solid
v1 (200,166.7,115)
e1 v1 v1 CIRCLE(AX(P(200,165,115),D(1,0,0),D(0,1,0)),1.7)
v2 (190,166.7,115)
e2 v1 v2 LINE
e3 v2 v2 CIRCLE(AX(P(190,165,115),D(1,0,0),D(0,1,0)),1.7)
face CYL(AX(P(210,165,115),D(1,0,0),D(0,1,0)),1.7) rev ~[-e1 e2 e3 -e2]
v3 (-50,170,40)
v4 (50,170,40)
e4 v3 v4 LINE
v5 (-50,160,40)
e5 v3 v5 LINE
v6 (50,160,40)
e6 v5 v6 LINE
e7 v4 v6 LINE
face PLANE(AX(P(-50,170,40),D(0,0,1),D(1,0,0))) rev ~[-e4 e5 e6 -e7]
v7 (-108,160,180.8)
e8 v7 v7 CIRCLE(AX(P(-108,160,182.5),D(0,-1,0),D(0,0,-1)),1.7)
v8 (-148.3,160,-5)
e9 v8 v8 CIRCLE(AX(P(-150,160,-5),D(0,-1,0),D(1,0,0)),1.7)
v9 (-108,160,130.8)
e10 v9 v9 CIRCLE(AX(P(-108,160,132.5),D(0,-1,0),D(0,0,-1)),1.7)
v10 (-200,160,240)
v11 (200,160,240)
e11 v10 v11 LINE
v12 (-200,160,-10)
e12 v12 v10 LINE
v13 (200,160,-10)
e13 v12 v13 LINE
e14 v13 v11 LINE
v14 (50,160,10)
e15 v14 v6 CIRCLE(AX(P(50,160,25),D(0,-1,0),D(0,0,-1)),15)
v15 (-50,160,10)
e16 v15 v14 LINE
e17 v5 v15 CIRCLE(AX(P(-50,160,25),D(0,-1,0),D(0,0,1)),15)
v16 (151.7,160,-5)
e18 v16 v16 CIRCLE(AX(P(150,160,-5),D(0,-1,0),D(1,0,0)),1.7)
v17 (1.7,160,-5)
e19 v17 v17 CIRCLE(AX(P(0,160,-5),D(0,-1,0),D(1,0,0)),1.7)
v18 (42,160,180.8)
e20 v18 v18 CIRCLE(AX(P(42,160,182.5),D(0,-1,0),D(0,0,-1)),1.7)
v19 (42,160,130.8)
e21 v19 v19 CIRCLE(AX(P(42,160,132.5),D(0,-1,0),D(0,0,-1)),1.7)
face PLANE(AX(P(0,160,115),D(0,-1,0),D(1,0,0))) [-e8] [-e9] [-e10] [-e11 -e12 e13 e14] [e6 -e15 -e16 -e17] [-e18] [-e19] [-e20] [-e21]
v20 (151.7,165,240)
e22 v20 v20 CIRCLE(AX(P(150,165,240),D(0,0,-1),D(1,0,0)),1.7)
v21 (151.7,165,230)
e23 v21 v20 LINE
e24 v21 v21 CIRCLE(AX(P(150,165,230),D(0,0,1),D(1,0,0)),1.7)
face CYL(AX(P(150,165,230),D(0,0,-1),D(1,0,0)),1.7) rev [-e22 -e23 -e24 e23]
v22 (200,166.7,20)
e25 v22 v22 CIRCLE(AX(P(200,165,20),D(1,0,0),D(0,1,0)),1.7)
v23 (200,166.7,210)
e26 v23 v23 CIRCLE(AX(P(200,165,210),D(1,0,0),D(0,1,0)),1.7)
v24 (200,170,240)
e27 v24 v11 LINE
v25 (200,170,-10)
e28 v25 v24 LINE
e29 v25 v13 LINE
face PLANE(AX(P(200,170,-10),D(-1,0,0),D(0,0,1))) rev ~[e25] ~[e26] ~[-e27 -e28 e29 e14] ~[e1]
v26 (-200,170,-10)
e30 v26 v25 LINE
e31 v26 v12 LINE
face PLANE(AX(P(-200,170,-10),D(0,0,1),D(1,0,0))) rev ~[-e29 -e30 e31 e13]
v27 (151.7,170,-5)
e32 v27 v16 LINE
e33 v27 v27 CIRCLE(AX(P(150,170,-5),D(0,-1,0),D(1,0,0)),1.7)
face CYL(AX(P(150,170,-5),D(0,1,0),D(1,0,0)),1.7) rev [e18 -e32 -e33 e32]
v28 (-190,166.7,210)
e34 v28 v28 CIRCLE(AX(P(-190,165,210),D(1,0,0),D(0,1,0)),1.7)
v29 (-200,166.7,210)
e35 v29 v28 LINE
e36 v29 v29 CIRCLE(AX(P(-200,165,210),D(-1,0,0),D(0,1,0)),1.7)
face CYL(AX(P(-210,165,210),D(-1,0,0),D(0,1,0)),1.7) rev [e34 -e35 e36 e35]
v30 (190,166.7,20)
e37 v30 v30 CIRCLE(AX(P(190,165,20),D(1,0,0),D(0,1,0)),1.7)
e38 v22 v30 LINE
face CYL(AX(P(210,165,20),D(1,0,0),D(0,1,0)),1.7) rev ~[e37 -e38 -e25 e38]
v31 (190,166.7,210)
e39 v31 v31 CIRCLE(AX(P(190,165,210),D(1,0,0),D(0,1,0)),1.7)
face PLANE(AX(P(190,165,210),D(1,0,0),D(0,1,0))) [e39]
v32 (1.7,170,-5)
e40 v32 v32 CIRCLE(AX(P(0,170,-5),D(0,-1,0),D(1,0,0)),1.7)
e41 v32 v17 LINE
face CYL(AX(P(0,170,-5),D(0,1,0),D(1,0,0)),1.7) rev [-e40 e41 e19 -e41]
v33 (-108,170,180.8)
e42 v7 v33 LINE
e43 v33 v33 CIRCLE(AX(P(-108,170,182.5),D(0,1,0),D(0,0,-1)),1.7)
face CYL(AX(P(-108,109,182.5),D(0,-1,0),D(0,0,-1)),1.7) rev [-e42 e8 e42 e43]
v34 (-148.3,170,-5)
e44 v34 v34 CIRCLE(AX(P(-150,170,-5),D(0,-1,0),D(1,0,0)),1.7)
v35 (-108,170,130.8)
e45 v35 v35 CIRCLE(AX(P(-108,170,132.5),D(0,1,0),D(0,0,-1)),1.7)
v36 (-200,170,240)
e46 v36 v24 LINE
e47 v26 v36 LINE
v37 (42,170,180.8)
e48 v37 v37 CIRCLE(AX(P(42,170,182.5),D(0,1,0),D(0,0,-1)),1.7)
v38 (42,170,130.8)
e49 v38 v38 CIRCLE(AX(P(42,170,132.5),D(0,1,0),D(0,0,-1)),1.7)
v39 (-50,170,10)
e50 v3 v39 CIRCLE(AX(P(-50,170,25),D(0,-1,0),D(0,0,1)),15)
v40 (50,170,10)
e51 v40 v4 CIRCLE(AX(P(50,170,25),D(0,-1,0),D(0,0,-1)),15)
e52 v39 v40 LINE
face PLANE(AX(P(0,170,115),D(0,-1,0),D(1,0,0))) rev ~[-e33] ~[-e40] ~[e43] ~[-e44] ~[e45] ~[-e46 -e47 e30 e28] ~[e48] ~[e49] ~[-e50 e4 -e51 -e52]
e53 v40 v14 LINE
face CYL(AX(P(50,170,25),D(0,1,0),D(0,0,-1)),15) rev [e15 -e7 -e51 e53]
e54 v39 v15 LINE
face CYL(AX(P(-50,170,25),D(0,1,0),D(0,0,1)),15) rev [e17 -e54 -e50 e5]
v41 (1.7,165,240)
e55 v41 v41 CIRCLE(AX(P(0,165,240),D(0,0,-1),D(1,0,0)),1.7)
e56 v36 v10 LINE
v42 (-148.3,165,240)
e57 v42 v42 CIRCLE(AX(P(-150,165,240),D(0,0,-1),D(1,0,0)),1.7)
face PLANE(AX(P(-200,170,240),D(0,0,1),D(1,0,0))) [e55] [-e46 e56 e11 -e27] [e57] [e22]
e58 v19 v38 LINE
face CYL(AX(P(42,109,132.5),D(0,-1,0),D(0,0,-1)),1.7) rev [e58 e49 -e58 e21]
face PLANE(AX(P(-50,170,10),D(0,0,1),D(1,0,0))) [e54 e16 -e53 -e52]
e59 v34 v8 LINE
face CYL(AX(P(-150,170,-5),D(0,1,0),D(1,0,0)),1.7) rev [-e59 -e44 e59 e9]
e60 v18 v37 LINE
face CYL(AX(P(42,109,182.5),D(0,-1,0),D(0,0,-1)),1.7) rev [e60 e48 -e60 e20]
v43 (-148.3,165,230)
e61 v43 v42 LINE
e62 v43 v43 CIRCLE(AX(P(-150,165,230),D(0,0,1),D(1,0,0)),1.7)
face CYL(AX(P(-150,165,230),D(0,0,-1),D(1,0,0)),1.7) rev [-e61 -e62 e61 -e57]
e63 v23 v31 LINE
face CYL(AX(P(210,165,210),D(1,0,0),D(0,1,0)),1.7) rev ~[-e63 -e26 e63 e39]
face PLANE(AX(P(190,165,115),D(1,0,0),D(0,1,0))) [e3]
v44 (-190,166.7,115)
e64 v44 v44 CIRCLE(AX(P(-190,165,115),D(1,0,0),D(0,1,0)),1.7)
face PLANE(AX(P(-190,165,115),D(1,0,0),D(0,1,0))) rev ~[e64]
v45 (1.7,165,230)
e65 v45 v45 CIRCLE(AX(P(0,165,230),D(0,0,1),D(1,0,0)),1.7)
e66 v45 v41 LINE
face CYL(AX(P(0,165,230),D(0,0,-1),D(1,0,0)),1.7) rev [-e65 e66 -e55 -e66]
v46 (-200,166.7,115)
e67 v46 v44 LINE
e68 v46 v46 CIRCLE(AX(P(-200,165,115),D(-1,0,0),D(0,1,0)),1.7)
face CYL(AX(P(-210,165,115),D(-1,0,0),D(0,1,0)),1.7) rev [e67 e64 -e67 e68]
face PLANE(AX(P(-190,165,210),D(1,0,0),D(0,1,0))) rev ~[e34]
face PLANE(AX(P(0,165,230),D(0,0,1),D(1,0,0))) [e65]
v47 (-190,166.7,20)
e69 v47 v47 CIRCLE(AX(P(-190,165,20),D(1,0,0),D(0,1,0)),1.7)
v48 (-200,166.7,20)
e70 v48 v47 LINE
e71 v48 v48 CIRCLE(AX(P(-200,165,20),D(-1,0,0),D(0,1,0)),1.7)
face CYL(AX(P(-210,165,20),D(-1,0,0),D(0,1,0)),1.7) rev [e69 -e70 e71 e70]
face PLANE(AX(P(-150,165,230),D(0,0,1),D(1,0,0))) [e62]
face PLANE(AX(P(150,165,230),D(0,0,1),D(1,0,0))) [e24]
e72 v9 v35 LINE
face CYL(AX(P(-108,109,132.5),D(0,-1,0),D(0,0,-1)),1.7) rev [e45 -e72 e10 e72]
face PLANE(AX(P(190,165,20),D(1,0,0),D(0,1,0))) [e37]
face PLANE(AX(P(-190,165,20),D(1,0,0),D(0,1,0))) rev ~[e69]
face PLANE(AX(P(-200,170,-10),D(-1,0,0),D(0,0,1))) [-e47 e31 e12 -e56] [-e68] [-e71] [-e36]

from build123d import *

# Parameters (mm, degrees)
SKETCH021_R               = 1.7
PAD019_DEPTH              = 20
SKETCH020_R               = 1.7
PAD018_DEPTH              = 20
SKETCH019_R               = 1.7
PAD017_DEPTH              = 20
CYLINDER038_R             = 1.7
CYLINDER038_DEPTH         = 61
CYLINDER038_PITCH_ANGLE   = 90
CYLINDER037_R             = 1.7
CYLINDER037_DEPTH         = 61
CYLINDER037_PITCH_ANGLE   = 90
CYLINDER036_R             = 1.7
CYLINDER036_DEPTH         = 61
CYLINDER036_PITCH_ANGLE   = 90
BOX001_W                  = 50
BOX001_H                  = 215
BOX001_DEPTH              = 115
CYLINDER039_R             = 1.7
CYLINDER039_DEPTH         = 61
CYLINDER039_PITCH_ANGLE   = 90
FUSION011_PLACEMENT_ANGLE = 90
SKETCH003_W               = 400
SKETCH003_H               = 250
SKETCH003_R               = 1.7
PAD003_DEPTH              = 10


with BuildPart() as pad019:
    # Sketch021 → Pad019 (new body)
    with BuildSketch(Plane(origin=(0, -75, 230), x_dir=(1, 0, 0), z_dir=(0, 0, 1))):
        with Locations((-150, 240)):
            Circle(SKETCH021_R)
        with Locations((150, 240)):
            Circle(SKETCH021_R)
        with Locations((0, 240)):
            Circle(SKETCH021_R)
    extrude(amount=PAD019_DEPTH)


with BuildPart() as pad018:
    # Sketch020 → Pad018 (new body)
    with BuildSketch(Plane.YZ.offset(-210)):
        with Locations((165, 210)):
            Circle(SKETCH020_R)
        with Locations((165, 115)):
            Circle(SKETCH020_R)
        with Locations((165, 20)):
            Circle(SKETCH020_R)
    extrude(amount=PAD018_DEPTH)


with BuildPart() as fusion013:
    # Sketch019 → Pad017 (new body)
    with BuildSketch(Plane.YZ.offset(210)):
        with Locations((165, 210)):
            Circle(SKETCH019_R)
        with Locations((165, 115)):
            Circle(SKETCH019_R)
        with Locations((165, 20)):
            Circle(SKETCH019_R)
    extrude(amount=-PAD017_DEPTH)

    # Fusion012: union Pad018
    add(pad018.part)

    # Fusion013: union Pad019
    add(pad019.part)


with BuildPart() as cylinder038:
    # Cylinder038 → Cylinder038 (new body)
    with BuildSketch(Plane.XY):
        Circle(CYLINDER038_R)
    extrude(amount=CYLINDER038_DEPTH)


with BuildPart() as cylinder038_1:
    # Cylinder038 pitch: moved
    add(cylinder038.part.rotate(Axis((0, 0, 0), (0, 1, 0)), CYLINDER038_PITCH_ANGLE))


with BuildPart() as cylinder038_2:
    # Cylinder038 placement: moved
    add(cylinder038_1.part.moved(Location((150, 112.5, 147.5))))


with BuildPart() as cylinder037:
    # Cylinder037 → Cylinder037 (new body)
    with BuildSketch(Plane.XY):
        Circle(CYLINDER037_R)
    extrude(amount=CYLINDER037_DEPTH)


with BuildPart() as cylinder037_1:
    # Cylinder037 pitch: moved
    add(cylinder037.part.rotate(Axis((0, 0, 0), (0, 1, 0)), CYLINDER037_PITCH_ANGLE))


with BuildPart() as cylinder037_2:
    # Cylinder037 placement: moved
    add(cylinder037_1.part.moved(Location((150, -37.5, 197.5))))


with BuildPart() as cylinder036:
    # Cylinder036 → Cylinder036 (new body)
    with BuildSketch(Plane.XY):
        Circle(CYLINDER036_R)
    extrude(amount=CYLINDER036_DEPTH)


with BuildPart() as cylinder036_1:
    # Cylinder036 pitch: moved
    add(cylinder036.part.rotate(Axis((0, 0, 0), (0, 1, 0)), CYLINDER036_PITCH_ANGLE))


with BuildPart() as cylinder036_2:
    # Cylinder036 placement: moved
    add(cylinder036_1.part.moved(Location((150, -37.5, 147.5))))


with BuildPart() as box001:
    # Box001 → Box001 (new body)
    with BuildSketch(Plane(origin=(150, -70, 115), x_dir=(1, 0, 0), z_dir=(0, 0, 1))):
        with Locations((25, 107.5)):
            Rectangle(BOX001_W, BOX001_H)
    extrude(amount=BOX001_DEPTH)


with BuildPart() as fusion011:
    # Cylinder039 → Cylinder039 (new body)
    with BuildSketch(Plane.XY):
        Circle(CYLINDER039_R)
    extrude(amount=CYLINDER039_DEPTH)


with BuildPart() as fusion011_1:
    # Cylinder039 pitch: moved
    add(fusion011.part.rotate(Axis((0, 0, 0), (0, 1, 0)), CYLINDER039_PITCH_ANGLE))


with BuildPart() as fusion011_2:
    # Cylinder039 placement: moved
    add(fusion011_1.part.moved(Location((150, 112.5, 197.5))))

    # Fusion011: union Cylinder038, Cylinder037, Cylinder036, Box001
    add(cylinder038_2.part)
    add(cylinder037_2.part)
    add(cylinder036_2.part)
    add(box001.part)


with BuildPart() as fusion011_3:
    # Fusion011 placement: moved
    add(fusion011_2.part.moved(Location((4.5, -41, -15))).rotate(Axis((4.5, -41, -15), (0, 0, 1)), FUSION011_PLACEMENT_ANGLE))


with BuildPart() as cut015:
    # Sketch003 → Pad003 (new body)
    with BuildSketch(Plane.XZ.offset(-170)):
        with Locations((0, 115)):
            Rectangle(SKETCH003_W, SKETCH003_H)
        with Locations((0, -5)):
            Circle(SKETCH003_R, mode=Mode.SUBTRACT)
        with Locations((-150, -5)):
            Circle(SKETCH003_R, mode=Mode.SUBTRACT)
        with Locations((150, -5)):
            Circle(SKETCH003_R, mode=Mode.SUBTRACT)
        with BuildLine():
            ThreePointArc((-50, 40), (-65, 25), (-50, 10))
            Line((-50, 10), (50, 10))
            ThreePointArc((50, 10), (65, 25), (50, 40))
            Line((-50, 40), (50, 40))
        make_face(mode=Mode.SUBTRACT)
    extrude(amount=PAD003_DEPTH)

    # Cut014: cut Fusion011
    add(fusion011_3.part, mode=Mode.SUBTRACT)

    # Cut015: cut Fusion013
    add(fusion013.part, mode=Mode.SUBTRACT)


solid = cut015.part
